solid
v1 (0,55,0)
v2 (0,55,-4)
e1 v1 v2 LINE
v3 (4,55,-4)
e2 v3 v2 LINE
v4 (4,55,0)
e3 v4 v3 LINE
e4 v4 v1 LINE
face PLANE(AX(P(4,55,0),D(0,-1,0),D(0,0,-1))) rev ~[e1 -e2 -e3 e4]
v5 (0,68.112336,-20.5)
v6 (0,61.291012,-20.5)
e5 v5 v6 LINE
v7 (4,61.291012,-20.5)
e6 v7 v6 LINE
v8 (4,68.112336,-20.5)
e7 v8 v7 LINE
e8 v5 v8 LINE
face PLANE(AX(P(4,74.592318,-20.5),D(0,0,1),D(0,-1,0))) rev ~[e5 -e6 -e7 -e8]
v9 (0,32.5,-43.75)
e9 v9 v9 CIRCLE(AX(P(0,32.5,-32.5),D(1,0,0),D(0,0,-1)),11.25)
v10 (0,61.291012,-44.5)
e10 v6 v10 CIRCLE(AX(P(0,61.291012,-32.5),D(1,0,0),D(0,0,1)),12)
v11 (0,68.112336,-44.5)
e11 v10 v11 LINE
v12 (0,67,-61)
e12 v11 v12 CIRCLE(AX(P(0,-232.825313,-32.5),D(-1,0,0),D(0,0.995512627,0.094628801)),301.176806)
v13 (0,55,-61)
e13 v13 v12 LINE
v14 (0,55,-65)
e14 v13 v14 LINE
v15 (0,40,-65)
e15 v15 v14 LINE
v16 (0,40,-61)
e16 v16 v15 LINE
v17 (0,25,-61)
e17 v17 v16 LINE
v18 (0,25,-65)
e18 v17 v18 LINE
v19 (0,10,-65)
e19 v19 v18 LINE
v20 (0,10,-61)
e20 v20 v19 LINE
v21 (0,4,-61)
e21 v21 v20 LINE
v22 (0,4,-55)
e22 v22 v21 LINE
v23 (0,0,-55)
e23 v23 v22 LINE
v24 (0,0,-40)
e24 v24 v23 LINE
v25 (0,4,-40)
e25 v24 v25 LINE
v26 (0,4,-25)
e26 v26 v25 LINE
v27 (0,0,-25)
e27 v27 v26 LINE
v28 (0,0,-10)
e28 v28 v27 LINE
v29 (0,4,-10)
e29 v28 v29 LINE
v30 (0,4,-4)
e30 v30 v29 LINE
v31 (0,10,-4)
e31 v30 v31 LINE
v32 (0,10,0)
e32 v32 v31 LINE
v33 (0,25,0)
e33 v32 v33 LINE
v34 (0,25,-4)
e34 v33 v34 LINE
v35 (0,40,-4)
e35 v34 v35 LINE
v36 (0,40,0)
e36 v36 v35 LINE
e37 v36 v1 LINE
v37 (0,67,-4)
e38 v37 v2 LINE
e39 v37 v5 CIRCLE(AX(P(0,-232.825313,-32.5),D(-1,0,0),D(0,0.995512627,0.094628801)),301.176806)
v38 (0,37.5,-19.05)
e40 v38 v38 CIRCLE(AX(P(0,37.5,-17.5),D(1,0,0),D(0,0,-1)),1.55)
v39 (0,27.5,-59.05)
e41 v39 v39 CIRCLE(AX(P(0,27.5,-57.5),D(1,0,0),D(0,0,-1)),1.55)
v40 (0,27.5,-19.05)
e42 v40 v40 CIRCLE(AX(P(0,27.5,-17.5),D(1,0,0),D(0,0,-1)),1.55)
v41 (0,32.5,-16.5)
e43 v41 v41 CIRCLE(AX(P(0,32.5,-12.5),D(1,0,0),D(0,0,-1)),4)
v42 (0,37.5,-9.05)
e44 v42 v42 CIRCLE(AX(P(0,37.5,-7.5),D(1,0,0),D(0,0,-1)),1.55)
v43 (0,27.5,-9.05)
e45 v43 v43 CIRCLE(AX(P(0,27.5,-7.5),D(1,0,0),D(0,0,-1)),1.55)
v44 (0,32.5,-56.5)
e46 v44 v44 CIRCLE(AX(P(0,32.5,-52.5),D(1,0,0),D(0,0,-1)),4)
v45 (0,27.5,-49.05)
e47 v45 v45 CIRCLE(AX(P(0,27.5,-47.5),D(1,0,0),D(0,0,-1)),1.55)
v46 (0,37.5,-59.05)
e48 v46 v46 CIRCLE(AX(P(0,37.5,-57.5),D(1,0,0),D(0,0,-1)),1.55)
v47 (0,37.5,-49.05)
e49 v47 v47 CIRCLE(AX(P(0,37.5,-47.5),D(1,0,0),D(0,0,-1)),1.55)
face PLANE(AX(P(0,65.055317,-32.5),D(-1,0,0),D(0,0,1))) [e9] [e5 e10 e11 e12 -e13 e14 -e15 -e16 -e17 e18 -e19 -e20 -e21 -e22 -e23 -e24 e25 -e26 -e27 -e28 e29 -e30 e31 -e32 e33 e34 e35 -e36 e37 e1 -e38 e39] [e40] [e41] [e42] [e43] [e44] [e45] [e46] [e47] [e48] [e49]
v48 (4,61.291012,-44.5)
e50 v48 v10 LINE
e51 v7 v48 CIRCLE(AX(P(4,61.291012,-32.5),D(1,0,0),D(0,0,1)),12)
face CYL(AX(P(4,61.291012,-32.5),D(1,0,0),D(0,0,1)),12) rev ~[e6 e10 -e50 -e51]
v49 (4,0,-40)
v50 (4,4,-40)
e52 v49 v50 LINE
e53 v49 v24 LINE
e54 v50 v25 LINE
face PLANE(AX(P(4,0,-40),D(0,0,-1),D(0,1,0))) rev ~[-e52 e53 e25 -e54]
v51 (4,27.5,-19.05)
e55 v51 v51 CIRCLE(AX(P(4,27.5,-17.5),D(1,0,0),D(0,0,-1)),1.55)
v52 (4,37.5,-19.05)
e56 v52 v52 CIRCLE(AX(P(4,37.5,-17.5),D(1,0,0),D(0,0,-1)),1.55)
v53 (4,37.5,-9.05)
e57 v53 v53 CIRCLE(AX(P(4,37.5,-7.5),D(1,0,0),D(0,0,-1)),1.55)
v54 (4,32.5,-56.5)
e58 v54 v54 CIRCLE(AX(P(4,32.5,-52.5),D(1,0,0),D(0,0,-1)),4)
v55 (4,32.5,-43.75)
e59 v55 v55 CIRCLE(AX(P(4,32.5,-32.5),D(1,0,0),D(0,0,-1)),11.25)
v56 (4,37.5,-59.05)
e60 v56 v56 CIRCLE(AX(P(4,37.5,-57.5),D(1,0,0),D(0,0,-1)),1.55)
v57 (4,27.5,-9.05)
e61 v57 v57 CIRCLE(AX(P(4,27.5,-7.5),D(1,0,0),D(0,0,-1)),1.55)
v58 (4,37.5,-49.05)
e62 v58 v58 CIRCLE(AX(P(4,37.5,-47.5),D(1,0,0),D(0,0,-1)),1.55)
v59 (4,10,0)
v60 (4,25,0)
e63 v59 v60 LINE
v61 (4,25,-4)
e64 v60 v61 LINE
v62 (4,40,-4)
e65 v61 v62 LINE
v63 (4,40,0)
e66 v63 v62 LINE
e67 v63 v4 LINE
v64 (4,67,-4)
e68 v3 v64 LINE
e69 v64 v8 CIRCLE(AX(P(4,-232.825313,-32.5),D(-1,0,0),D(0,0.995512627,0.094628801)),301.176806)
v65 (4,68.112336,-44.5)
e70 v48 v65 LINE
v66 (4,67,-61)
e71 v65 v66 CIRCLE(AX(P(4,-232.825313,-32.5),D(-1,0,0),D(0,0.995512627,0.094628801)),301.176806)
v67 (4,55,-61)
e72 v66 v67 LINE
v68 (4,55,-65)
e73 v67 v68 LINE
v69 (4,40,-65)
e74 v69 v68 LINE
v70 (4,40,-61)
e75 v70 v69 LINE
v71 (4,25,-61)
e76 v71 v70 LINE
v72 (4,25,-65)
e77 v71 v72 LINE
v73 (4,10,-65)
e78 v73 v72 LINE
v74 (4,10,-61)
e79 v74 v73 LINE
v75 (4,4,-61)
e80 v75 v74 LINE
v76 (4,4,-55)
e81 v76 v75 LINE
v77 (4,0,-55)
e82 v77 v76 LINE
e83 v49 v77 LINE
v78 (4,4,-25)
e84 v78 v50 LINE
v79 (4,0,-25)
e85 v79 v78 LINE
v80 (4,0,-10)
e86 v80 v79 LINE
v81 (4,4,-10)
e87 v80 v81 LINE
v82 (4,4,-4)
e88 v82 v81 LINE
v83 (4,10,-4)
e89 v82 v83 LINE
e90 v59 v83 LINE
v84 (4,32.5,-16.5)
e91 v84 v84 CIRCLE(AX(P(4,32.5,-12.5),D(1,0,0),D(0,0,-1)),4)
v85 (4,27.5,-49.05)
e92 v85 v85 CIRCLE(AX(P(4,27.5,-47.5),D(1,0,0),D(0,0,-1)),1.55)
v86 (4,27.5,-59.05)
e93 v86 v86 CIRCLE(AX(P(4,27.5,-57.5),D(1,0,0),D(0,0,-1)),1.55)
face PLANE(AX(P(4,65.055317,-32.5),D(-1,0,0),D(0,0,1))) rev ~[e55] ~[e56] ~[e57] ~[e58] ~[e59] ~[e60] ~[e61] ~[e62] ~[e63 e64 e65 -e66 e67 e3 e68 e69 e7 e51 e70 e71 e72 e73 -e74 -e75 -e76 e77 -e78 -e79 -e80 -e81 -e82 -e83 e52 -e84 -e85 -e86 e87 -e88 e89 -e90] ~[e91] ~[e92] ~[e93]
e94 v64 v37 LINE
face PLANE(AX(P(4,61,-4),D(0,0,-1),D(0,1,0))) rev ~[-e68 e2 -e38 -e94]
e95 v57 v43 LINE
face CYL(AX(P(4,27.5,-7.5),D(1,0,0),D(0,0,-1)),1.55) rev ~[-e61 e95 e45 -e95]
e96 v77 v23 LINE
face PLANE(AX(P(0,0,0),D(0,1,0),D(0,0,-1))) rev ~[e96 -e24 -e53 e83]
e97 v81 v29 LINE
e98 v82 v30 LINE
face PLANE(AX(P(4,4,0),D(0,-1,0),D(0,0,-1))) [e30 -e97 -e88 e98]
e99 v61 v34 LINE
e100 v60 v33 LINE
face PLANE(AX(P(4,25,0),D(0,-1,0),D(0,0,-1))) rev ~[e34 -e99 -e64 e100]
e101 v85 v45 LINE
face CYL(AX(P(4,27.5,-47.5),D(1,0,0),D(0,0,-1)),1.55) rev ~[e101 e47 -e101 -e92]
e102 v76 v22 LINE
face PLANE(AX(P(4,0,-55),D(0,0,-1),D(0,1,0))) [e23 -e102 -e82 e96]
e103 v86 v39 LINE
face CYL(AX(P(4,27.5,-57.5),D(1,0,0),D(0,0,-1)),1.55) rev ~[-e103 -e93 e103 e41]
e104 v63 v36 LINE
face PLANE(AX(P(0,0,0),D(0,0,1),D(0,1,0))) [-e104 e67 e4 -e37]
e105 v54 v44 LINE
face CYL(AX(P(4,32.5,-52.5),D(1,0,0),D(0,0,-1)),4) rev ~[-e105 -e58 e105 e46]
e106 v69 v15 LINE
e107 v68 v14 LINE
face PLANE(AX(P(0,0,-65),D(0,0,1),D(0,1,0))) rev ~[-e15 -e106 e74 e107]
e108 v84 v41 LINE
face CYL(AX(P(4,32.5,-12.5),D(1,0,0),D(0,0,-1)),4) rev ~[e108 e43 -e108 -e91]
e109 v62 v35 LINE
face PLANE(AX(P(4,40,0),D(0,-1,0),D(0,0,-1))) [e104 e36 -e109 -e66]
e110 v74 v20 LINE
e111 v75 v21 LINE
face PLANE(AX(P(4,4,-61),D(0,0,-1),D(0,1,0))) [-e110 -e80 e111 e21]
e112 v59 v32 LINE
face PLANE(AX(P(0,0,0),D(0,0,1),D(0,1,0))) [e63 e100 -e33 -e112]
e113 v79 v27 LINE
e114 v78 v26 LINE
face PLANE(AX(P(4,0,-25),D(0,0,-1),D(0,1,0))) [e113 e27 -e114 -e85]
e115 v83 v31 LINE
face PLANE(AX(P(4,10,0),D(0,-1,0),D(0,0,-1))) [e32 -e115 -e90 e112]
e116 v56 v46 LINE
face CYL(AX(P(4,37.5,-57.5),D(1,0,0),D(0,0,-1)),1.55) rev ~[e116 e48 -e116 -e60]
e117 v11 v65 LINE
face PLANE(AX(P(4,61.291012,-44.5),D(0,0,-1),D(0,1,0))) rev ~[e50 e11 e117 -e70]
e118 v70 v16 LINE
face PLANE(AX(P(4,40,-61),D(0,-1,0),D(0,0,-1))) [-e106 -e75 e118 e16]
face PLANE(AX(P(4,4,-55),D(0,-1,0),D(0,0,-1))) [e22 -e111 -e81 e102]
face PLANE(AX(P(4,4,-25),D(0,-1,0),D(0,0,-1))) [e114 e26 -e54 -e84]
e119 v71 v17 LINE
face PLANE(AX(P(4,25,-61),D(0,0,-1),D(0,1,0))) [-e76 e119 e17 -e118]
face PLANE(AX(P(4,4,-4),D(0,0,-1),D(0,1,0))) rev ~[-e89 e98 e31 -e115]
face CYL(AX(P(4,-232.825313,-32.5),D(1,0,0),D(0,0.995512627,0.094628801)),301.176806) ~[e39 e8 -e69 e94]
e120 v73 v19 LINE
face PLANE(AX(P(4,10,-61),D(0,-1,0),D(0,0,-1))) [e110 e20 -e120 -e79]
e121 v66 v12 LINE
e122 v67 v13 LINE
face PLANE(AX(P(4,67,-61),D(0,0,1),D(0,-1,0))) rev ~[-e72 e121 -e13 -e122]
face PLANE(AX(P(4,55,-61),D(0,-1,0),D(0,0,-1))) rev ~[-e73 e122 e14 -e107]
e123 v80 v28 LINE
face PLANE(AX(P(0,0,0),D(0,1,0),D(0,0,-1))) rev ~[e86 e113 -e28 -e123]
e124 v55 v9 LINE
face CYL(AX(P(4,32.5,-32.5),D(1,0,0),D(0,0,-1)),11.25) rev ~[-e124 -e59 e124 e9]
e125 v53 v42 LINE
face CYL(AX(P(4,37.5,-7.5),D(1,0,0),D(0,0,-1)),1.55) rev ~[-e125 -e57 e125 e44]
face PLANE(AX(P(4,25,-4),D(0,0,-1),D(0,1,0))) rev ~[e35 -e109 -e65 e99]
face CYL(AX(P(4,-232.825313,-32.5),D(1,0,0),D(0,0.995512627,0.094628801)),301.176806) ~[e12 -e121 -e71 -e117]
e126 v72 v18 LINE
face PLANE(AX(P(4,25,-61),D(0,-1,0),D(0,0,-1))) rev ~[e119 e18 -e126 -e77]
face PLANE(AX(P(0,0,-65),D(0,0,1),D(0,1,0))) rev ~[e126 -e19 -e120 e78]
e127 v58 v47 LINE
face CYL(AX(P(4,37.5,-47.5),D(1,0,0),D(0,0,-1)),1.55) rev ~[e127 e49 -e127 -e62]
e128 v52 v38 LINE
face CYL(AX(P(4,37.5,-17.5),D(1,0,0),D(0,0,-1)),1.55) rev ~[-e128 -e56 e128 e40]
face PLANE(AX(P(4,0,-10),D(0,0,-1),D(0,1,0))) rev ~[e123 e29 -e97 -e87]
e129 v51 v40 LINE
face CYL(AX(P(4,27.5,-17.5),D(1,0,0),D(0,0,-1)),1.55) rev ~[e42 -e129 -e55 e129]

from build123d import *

# Parameters (mm, degrees)
SKETCH1_W           = 65
SKETCH1_H           = 65
BOSS_EXTRUDE1_DEPTH = 4
SKETCH2_R           = 11.25
CUT_EXTRUDE1_DEPTH  = 4
SKETCH3_W           = 10
SKETCH3_H           = 4
SKETCH3_W_2         = 15
CUT_EXTRUDE2_DEPTH  = 4
SKETCH5_W           = 4
SKETCH5_H           = 6
SKETCH5_H_2         = 15
CUT_EXTRUDE3_DEPTH  = 4
SKETCH6_R           = 1.55
SKETCH6_R_2         = 4
CUT_EXTRUDE4_DEPTH  = 4
BOSS_EXTRUDE3_DEPTH = 4
CUT_EXTRUDE6_DEPTH  = 4


with BuildPart() as part:
    # Sketch1 → Boss-Extrude1 (new body)
    with BuildSketch(Plane(origin=(0, 0, 0), x_dir=(0, 0, -1), z_dir=(1, 0, 0))):
        with Locations((32.5, 32.5)):
            Rectangle(SKETCH1_W, SKETCH1_H)
    extrude(amount=BOSS_EXTRUDE1_DEPTH)

    # Sketch2 → Cut-Extrude1 (cut)
    with BuildSketch(Plane(origin=(4, 0, 0), x_dir=(0, 0, -1), z_dir=(1, 0, 0))):
        with Locations((32.5, 32.5)):
            Circle(SKETCH2_R)
    extrude(amount=-CUT_EXTRUDE1_DEPTH, mode=Mode.SUBTRACT)

    # Sketch3 → Cut-Extrude2 (cut)
    with BuildSketch(Plane(origin=(4, 0, 0), x_dir=(0, 0, -1), z_dir=(1, 0, 0))):
        with Locations((5, 63)):
            Rectangle(SKETCH3_W, SKETCH3_H)
        with Locations((32.5, 63)):
            Rectangle(SKETCH3_W_2, SKETCH3_H)
        with Locations((60, 63)):
            Rectangle(SKETCH3_W, SKETCH3_H)
        with Locations((60, 2)):
            Rectangle(SKETCH3_W, SKETCH3_H)
        with Locations((32.5, 2)):
            Rectangle(SKETCH3_W_2, SKETCH3_H)
        with Locations((5, 2)):
            Rectangle(SKETCH3_W, SKETCH3_H)
    extrude(amount=-CUT_EXTRUDE2_DEPTH, mode=Mode.SUBTRACT)

    # Sketch5 → Cut-Extrude3 (cut)
    with BuildSketch(Plane(origin=(4, 0, 0), x_dir=(0, 0, -1), z_dir=(1, 0, 0))):
        with Locations((2, 58)):
            Rectangle(SKETCH5_W, SKETCH5_H)
        with Locations((2, 32.5)):
            Rectangle(SKETCH5_W, SKETCH5_H_2)
        with Locations((2, 7)):
            Rectangle(SKETCH5_W, SKETCH5_H)
        with Locations((63, 7)):
            Rectangle(SKETCH5_W, SKETCH5_H)
        with Locations((63, 32.5)):
            Rectangle(SKETCH5_W, SKETCH5_H_2)
        with Locations((63, 58)):
            Rectangle(SKETCH5_W, SKETCH5_H)
    extrude(amount=-CUT_EXTRUDE3_DEPTH, mode=Mode.SUBTRACT)

    # Sketch6 → Cut-Extrude4 (cut)
    with BuildSketch(Plane(origin=(4, 0, 0), x_dir=(0, 0, -1), z_dir=(1, 0, 0))):
        with Locations((7.5, 37.5)):
            Circle(SKETCH6_R)
        with Locations((17.5, 37.5)):
            Circle(SKETCH6_R)
        with Locations((17.5, 27.5)):
            Circle(SKETCH6_R)
        with Locations((12.5, 32.5)):
            Circle(SKETCH6_R_2)
        with Locations((7.5, 27.5)):
            Circle(SKETCH6_R)
        with Locations((52.5, 32.5)):
            Circle(SKETCH6_R_2)
        with Locations((47.5, 27.5)):
            Circle(SKETCH6_R)
        with Locations((47.5, 37.5)):
            Circle(SKETCH6_R)
        with Locations((57.5, 37.5)):
            Circle(SKETCH6_R)
        with Locations((57.5, 27.5)):
            Circle(SKETCH6_R)
    extrude(amount=-CUT_EXTRUDE4_DEPTH, mode=Mode.SUBTRACT)

    # Sketch12 → Boss-Extrude3 (add)
    with BuildSketch(Plane(origin=(4, 0, 0), x_dir=(0, 0, -1), z_dir=(1, 0, 0))):
        with BuildLine():
            Line((4, 67), (4, 61))
            Line((4, 61), (10, 61))
            Line((10, 61), (10, 65))
            Line((10, 65), (25, 65))
            Line((25, 65), (25, 61))
            Line((25, 61), (40, 61))
            Line((40, 61), (40, 65))
            Line((40, 65), (55, 65))
            Line((55, 65), (55, 61))
            Line((55, 61), (61, 61))
            Line((61, 61), (61, 67))
            ThreePointArc((61, 67), (32.5, 68.351492738), (4, 67))
        make_face()
    extrude(amount=-BOSS_EXTRUDE3_DEPTH)

    # Sketch11 → Cut-Extrude6 (cut)
    with BuildSketch(Plane(origin=(4, 0, 0), x_dir=(0, 0, -1), z_dir=(1, 0, 0))):
        with BuildLine():
            ThreePointArc((20.5, 61.291011979), (32.5, 49.291011979), (44.5, 61.291011979))
            Line((44.5, 61.291011979), (44.5, 74.592318289))
            Line((44.5, 74.592318289), (20.5, 74.592318289))
            Line((20.5, 74.592318289), (20.5, 61.291011979))
        make_face()
    extrude(amount=-CUT_EXTRUDE6_DEPTH, mode=Mode.SUBTRACT)


solid = part.part
